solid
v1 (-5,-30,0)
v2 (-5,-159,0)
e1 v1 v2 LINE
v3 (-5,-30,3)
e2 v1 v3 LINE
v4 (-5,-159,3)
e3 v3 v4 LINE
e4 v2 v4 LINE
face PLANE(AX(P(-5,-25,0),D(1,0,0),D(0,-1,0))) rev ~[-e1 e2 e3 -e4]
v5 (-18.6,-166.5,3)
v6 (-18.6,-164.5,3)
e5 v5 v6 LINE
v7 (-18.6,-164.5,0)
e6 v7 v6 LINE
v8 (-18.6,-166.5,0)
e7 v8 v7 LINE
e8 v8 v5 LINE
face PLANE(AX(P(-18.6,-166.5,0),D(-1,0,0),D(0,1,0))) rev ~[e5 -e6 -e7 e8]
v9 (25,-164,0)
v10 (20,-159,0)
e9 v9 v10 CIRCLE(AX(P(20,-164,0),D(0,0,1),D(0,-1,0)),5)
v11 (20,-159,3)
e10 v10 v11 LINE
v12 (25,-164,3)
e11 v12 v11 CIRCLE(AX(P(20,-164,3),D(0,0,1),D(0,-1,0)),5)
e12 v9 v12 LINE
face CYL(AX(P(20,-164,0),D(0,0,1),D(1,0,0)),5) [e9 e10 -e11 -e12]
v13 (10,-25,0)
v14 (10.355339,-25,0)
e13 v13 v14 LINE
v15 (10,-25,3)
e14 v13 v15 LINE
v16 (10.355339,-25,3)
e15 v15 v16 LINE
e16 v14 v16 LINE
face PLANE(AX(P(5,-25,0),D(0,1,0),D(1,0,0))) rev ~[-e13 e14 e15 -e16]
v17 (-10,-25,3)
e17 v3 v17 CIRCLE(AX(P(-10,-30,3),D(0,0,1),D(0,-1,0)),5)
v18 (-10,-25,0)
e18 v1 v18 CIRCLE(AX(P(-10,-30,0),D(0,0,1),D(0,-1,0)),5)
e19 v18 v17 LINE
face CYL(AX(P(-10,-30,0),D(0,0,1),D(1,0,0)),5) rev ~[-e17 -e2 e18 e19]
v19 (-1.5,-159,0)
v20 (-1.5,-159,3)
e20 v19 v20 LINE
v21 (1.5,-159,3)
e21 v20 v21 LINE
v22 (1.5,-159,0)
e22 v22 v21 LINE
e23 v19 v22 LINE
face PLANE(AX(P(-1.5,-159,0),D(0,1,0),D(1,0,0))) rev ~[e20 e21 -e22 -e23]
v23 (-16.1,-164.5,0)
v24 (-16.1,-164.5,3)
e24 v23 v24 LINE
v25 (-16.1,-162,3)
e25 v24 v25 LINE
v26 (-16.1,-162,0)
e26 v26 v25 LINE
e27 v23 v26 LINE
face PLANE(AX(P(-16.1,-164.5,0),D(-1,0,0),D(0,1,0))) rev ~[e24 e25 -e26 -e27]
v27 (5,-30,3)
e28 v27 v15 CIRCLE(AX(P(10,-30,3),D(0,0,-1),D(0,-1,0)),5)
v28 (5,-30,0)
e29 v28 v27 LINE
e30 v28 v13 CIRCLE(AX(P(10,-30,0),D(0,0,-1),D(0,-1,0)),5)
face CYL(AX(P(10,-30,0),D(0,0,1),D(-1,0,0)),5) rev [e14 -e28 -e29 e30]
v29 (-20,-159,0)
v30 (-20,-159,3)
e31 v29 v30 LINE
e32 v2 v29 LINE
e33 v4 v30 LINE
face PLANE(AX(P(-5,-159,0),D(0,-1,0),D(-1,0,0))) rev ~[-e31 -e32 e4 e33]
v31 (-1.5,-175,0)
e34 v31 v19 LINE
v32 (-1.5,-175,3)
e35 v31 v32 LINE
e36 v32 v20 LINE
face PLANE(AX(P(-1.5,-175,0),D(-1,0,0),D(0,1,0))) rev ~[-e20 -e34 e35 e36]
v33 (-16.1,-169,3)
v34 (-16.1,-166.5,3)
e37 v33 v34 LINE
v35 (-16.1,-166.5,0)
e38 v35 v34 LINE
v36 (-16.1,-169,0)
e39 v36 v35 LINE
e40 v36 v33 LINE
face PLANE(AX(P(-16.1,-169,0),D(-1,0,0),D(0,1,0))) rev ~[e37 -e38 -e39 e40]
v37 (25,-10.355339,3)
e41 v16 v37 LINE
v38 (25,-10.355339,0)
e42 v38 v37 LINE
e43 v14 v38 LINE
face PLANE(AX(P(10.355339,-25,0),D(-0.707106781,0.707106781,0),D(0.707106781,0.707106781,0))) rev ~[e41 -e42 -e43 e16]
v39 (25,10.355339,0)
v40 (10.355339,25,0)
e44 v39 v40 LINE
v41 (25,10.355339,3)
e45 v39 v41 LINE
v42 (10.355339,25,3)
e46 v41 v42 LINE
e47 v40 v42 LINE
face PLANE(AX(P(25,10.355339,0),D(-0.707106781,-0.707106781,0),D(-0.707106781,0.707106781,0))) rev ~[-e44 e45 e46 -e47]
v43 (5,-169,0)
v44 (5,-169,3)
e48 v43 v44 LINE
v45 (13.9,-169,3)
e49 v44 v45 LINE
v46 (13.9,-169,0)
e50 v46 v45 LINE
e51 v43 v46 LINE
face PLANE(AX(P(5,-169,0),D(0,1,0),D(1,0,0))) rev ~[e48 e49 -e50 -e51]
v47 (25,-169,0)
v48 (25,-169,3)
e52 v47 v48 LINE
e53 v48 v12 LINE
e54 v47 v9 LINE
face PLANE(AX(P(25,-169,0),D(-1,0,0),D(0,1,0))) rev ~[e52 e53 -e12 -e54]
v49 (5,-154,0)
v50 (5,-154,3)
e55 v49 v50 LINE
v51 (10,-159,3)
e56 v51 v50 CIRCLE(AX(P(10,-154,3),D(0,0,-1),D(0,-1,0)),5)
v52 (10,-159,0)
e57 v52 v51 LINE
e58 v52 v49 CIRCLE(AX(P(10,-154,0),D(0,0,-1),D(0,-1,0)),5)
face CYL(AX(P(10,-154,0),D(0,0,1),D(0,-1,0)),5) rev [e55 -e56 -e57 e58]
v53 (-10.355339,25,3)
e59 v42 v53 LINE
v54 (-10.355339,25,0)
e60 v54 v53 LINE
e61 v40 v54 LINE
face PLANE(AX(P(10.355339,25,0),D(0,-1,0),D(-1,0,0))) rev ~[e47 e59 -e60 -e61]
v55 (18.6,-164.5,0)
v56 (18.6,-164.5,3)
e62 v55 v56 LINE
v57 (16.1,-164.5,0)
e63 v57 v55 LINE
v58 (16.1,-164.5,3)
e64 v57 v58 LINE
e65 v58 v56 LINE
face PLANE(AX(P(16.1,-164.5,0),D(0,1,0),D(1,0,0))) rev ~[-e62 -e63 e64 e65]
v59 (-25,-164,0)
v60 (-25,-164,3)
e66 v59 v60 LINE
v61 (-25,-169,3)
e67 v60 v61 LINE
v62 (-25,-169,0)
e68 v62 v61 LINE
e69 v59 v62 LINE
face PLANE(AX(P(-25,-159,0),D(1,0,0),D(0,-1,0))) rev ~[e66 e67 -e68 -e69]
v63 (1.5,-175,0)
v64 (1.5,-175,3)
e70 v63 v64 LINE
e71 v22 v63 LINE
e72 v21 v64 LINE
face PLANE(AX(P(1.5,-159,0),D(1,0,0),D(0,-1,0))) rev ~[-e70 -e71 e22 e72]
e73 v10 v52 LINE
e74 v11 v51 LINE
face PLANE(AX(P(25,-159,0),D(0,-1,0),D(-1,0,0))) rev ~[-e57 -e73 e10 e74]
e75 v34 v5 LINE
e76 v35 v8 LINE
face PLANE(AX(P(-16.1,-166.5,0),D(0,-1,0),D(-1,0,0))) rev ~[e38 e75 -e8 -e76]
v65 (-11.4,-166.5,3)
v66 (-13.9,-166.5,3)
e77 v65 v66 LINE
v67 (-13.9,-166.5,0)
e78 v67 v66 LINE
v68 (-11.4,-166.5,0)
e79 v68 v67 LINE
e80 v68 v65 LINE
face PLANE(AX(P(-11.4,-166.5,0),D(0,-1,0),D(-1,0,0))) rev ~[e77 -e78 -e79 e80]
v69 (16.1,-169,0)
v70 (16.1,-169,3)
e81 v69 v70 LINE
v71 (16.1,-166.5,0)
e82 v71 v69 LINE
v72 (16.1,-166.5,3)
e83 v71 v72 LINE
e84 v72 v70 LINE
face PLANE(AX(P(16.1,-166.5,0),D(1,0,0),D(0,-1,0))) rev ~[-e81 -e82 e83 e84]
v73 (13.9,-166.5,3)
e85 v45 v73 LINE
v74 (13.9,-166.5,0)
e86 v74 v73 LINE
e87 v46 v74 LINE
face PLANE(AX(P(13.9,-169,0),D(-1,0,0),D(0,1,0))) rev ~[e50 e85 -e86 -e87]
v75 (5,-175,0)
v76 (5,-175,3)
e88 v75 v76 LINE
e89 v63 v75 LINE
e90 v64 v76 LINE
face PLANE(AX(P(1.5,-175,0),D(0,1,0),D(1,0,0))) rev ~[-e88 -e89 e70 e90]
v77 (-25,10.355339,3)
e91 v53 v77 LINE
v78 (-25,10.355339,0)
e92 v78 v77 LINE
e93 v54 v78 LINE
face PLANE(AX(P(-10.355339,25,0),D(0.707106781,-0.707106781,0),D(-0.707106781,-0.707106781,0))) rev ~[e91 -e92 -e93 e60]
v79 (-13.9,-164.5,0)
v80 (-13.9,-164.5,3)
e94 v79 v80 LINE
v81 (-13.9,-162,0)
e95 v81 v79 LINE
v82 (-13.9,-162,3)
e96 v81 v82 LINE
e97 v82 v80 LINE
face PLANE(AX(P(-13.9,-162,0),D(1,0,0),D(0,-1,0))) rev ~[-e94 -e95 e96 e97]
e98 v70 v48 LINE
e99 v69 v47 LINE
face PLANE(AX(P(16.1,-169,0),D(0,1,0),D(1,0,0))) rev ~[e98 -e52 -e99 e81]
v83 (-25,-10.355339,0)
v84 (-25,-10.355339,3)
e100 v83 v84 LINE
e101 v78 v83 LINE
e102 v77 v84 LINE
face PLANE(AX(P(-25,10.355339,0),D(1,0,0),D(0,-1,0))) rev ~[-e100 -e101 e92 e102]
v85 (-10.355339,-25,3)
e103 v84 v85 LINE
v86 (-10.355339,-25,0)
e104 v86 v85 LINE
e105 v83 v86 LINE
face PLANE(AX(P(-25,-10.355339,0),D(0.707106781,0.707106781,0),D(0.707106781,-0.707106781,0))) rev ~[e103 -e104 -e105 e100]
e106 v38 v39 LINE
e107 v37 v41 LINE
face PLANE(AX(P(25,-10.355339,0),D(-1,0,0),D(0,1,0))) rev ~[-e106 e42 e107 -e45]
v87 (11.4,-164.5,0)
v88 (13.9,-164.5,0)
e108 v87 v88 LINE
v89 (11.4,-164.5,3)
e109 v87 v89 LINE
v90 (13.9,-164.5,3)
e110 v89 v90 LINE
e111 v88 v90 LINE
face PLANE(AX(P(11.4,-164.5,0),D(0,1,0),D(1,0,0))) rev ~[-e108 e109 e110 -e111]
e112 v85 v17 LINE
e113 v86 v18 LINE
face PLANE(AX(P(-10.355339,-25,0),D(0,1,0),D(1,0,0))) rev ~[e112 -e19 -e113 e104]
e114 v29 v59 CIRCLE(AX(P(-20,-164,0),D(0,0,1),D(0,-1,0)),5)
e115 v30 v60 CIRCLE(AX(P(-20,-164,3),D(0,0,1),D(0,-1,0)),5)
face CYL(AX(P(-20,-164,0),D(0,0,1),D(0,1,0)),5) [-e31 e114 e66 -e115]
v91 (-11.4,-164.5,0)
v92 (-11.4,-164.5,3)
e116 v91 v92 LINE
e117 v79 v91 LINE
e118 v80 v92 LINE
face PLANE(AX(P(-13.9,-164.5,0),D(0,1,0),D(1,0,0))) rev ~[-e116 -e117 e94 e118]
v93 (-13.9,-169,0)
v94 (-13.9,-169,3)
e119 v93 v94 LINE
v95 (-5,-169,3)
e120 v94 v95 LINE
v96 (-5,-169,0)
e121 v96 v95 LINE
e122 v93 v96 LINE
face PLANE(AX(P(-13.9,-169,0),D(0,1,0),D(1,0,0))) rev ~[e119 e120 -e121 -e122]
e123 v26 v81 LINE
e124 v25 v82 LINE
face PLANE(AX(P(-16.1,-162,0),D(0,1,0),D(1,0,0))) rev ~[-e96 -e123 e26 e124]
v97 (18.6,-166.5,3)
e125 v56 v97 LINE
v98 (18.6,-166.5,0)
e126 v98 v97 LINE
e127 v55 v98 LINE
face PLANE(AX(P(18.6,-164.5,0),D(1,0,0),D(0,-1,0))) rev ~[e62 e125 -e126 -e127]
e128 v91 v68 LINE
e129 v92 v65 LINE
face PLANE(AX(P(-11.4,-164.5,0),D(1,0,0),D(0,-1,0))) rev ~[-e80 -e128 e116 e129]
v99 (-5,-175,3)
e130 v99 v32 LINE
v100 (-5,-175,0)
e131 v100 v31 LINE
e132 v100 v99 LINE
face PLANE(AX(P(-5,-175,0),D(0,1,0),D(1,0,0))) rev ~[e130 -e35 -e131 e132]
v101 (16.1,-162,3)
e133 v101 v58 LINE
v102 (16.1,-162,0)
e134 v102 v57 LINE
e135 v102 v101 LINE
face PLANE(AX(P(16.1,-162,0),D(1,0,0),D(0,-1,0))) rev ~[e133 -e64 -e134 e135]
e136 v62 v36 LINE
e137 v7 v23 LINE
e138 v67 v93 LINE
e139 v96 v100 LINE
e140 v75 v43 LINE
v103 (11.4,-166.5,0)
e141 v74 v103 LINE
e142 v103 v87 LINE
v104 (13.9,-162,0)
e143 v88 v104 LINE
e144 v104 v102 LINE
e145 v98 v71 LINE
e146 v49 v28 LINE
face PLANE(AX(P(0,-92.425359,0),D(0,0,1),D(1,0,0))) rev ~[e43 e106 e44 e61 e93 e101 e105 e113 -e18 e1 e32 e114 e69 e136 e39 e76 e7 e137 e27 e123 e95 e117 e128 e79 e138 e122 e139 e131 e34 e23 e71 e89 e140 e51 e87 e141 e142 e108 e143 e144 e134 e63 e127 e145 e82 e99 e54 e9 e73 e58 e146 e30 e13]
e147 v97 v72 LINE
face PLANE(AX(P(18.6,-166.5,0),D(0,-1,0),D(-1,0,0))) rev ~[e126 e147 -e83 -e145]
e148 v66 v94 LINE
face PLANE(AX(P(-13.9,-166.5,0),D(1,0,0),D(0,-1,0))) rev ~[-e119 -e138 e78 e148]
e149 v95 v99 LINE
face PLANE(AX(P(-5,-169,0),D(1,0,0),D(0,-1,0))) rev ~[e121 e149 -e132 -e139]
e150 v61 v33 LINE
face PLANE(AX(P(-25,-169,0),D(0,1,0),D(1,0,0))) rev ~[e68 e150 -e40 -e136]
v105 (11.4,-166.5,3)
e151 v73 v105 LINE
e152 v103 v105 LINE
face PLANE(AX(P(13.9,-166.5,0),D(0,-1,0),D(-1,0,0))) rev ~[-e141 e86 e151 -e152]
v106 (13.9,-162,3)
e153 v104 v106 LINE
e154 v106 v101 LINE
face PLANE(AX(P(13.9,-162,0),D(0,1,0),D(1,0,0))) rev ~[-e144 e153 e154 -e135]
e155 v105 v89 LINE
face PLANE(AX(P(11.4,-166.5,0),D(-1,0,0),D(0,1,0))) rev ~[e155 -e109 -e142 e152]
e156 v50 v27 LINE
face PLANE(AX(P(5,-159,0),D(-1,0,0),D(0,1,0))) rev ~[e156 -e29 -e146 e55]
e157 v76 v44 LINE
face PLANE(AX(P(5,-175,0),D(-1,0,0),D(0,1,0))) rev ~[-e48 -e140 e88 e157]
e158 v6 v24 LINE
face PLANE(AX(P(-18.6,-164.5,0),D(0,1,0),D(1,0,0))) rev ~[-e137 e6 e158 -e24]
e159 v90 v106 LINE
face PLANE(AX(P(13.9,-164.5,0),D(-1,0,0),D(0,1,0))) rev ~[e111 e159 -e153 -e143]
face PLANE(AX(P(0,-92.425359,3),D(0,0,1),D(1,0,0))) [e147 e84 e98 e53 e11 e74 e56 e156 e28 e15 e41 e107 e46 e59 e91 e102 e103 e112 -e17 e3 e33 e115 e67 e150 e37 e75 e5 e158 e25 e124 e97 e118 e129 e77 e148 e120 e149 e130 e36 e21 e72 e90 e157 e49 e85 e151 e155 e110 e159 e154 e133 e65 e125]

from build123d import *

# Parameters (mm, degrees)
BOSS_EXTRUDE1_DEPTH = 3
FILLET1_R           = 5


with BuildPart() as part:
    # Sketch1 → Boss-Extrude1 (new body)
    with BuildSketch(Plane.XY):
        Polygon((-5, -25), (-5, -159), (-25, -159), (-25, -169), (-16.1, -169), (-16.1, -166.5), (-18.6, -166.5), (-18.6, -164.5), (-16.1, -164.5), (-16.1, -162), (-13.9, -162), (-13.9, -164.5), (-11.4, -164.5), (-11.4, -166.5), (-13.9, -166.5), (-13.9, -169), (-5, -169), (-5, -175), (-1.5, -175), (-1.5, -159), (1.5, -159), (1.5, -175), (5, -175), (5, -169), (13.9, -169), (13.9, -166.5), (11.4, -166.5), (11.4, -164.5), (13.9, -164.5), (13.9, -162), (16.1, -162), (16.1, -164.5), (18.6, -164.5), (18.6, -166.5), (16.1, -166.5), (16.1, -169), (25, -169), (25, -159), (5, -159), (5, -25), (10.355339059, -25), (25, -10.355339059), (25, 10.355339059), (10.355339059, 25), (-10.355339059, 25), (-25, 10.355339059), (-25, -10.355339059), (-10.355339059, -25), align=None)
    extrude(amount=BOSS_EXTRUDE1_DEPTH)

    # Fillet1
    fillet1_edges = [part.edges().sort_by_distance(p)[0] for p in [
        (5, -25, 1.5),
        (5, -159, 1.5),
        (25, -159, 1.5),
        (-25, -159, 1.5),
        (-5, -25, 1.5),
    ]]
    fillet(fillet1_edges, radius=FILLET1_R)


solid = part.part
